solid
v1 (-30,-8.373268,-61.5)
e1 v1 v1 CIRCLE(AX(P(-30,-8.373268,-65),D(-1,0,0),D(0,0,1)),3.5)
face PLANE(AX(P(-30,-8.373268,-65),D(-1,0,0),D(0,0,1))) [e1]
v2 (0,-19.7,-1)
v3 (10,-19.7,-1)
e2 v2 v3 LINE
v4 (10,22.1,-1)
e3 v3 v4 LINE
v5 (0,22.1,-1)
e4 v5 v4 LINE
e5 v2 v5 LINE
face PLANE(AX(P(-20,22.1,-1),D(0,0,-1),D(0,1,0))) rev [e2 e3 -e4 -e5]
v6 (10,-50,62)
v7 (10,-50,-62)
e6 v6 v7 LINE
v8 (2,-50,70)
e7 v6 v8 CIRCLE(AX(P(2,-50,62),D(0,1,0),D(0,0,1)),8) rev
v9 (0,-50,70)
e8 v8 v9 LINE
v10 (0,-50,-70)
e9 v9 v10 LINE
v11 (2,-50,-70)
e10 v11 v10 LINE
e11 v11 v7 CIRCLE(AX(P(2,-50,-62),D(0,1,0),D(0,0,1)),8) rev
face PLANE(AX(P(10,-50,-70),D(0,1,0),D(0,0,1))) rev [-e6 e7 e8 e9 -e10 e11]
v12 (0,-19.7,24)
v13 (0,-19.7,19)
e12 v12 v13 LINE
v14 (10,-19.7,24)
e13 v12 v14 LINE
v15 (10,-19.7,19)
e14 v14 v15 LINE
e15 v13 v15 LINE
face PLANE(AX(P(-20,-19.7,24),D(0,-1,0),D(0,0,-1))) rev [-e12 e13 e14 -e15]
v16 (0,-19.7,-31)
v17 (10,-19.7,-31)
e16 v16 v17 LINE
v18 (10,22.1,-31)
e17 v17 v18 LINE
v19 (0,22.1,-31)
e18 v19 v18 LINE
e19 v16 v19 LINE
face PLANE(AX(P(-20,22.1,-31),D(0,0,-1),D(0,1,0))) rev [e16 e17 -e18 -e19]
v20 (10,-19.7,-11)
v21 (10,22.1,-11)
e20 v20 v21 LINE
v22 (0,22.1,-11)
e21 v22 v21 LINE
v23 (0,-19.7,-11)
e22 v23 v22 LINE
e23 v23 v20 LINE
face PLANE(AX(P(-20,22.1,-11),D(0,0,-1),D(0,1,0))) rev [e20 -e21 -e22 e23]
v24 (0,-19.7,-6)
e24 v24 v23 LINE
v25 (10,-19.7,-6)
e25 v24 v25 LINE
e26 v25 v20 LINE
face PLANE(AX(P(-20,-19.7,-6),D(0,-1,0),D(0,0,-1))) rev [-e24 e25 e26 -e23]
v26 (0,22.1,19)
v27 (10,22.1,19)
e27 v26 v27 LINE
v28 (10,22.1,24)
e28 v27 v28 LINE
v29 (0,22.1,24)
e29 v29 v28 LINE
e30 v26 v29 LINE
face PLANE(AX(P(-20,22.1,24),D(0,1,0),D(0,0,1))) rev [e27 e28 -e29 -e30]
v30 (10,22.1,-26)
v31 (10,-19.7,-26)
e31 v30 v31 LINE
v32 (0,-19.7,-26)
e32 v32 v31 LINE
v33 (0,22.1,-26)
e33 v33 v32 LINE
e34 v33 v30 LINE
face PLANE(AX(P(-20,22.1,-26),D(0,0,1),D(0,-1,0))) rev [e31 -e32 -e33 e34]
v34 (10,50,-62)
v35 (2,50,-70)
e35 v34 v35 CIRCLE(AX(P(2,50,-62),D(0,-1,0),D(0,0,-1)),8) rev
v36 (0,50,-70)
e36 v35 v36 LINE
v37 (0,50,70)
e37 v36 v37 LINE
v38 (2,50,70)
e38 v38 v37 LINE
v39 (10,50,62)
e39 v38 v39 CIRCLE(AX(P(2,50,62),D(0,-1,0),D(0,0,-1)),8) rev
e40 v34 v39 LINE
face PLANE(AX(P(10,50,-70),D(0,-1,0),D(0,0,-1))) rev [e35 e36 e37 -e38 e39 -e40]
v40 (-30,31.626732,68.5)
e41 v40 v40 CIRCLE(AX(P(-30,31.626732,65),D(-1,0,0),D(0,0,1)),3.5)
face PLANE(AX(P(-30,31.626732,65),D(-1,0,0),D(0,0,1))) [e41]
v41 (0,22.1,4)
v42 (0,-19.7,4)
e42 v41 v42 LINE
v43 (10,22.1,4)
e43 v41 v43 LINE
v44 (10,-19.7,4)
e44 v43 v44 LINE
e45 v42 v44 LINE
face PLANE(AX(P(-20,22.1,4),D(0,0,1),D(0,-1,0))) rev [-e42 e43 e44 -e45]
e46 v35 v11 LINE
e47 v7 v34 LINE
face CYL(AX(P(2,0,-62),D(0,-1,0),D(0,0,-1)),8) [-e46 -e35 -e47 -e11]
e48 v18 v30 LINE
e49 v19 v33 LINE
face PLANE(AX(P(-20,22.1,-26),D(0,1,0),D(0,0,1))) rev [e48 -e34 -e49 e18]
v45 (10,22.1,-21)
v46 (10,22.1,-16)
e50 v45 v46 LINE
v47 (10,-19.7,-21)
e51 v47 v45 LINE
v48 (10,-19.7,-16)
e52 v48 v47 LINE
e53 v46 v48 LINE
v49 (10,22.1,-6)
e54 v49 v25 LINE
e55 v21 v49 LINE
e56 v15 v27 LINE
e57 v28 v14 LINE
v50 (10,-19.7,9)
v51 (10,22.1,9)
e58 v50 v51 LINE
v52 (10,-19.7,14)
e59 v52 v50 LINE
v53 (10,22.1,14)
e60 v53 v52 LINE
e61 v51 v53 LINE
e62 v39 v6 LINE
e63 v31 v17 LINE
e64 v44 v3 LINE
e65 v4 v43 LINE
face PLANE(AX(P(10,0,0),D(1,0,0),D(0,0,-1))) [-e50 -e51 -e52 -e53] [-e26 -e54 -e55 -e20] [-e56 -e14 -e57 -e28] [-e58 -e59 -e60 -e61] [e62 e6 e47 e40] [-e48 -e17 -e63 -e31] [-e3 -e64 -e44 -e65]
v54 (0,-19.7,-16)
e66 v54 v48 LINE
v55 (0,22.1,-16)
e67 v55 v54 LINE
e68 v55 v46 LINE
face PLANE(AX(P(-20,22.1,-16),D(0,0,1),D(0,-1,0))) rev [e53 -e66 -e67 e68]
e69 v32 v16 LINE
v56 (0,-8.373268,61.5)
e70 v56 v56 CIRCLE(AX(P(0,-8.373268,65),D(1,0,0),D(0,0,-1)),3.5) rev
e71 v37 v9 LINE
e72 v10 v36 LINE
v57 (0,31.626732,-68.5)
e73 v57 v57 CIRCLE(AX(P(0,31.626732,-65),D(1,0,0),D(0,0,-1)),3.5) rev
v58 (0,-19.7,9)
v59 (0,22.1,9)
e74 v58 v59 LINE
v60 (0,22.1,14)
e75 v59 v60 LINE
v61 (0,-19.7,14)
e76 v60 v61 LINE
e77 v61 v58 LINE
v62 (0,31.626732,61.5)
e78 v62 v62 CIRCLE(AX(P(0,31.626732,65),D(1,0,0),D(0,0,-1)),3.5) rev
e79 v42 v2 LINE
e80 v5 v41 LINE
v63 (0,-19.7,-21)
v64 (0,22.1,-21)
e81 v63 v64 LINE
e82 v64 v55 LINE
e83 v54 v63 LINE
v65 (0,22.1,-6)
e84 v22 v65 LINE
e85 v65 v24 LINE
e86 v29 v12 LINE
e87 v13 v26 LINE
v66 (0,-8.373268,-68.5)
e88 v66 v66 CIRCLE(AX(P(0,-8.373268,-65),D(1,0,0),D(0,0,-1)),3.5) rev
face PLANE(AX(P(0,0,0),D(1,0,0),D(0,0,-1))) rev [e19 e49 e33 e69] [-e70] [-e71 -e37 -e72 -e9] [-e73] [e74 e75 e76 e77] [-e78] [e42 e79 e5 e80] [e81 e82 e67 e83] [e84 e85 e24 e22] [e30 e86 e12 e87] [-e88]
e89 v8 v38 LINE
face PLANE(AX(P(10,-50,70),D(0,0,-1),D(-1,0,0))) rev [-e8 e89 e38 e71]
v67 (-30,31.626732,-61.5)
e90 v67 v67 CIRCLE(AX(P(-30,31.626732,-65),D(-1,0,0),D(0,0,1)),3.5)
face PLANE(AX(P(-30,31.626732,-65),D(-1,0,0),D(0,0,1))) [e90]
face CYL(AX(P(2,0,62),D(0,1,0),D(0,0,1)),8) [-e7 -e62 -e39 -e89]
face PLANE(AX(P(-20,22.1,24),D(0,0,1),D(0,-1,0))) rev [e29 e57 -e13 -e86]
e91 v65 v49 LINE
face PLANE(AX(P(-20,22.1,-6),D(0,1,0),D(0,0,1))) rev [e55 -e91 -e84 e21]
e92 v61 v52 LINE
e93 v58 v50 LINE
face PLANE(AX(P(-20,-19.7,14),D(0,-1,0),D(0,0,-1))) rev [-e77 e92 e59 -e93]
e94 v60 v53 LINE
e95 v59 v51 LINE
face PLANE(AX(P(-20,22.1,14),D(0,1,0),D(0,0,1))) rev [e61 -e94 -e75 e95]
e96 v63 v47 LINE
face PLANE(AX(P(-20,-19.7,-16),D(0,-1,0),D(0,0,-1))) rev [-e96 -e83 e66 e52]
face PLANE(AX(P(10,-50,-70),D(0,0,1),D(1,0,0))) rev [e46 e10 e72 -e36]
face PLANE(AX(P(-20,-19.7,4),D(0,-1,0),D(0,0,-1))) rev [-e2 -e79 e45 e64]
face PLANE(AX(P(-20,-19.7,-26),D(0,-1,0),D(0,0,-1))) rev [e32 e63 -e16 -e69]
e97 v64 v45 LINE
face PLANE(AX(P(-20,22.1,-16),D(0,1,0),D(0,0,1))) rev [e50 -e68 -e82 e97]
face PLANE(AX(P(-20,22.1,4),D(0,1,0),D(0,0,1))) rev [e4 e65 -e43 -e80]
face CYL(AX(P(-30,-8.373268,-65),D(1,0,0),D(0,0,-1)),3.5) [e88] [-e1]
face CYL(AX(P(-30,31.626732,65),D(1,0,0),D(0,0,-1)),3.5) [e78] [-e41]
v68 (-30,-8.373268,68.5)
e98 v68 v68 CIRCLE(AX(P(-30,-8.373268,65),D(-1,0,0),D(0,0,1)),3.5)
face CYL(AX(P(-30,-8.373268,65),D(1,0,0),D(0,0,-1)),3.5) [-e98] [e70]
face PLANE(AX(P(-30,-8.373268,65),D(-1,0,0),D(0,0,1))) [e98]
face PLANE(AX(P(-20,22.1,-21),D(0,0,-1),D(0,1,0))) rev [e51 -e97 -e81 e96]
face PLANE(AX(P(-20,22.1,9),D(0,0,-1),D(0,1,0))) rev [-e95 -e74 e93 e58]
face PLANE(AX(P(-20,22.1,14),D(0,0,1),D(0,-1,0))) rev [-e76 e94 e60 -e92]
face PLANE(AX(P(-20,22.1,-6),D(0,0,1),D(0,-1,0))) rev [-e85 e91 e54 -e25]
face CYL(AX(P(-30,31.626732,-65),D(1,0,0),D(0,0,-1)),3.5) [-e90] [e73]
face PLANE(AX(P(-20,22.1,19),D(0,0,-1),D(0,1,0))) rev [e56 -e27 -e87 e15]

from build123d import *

# Parameters (mm, degrees)
SKETCH2_W           = 140
SKETCH2_H           = 100
BOSS_EXTRUDE1_DEPTH = 10
SKETCH3_R           = 3.5
BOSS_EXTRUDE2_DEPTH = 30
FILLET1_R           = 8
SKETCH4_W           = 5
SKETCH4_H           = 41.8
CUT_EXTRUDE1_DEPTH  = 30


with BuildPart() as part:
    # Sketch2 → Boss-Extrude1 (new body)
    with BuildSketch(Plane(origin=(0, 0, 0), x_dir=(0, 0, -1), z_dir=(1, 0, 0))):
        Rectangle(SKETCH2_W, SKETCH2_H)
    extrude(amount=BOSS_EXTRUDE1_DEPTH)

    # Sketch3 → Boss-Extrude2 (add)
    with BuildSketch(Plane.ZY):
        with Locations(Location((-65, 31.6267322, 0), (0, 0, 180))):
            Circle(SKETCH3_R)
        with Locations(Location((-65, -8.3732678, 0), (0, 0, 180))):
            Circle(SKETCH3_R)
        with Locations(Location((65, 31.6267322, 0), (0, 0, 180))):
            Circle(SKETCH3_R)
        with Locations(Location((65, -8.3732678, 0), (0, 0, 180))):
            Circle(SKETCH3_R)
    extrude(amount=BOSS_EXTRUDE2_DEPTH)

    # Fillet1
    fillet1_edges = [part.edges().sort_by_distance(p)[0] for p in [
        (10, 0, -70),
        (10, 0, 70),
    ]]
    fillet(fillet1_edges, radius=FILLET1_R)

    # Sketch4 → Cut-Extrude1 (cut)
    with BuildSketch(Plane(origin=(10, 0, 0), x_dir=(0, 0, -1), z_dir=(1, 0, 0))):
        with Locations((18.5, 1.2)):
            Rectangle(SKETCH4_W, SKETCH4_H)
        with Locations((28.5, 1.2)):
            Rectangle(SKETCH4_W, SKETCH4_H)
        with Locations((-1.5, 1.2)):
            Rectangle(SKETCH4_W, SKETCH4_H)
        with Locations((8.5, 1.2)):
            Rectangle(SKETCH4_W, SKETCH4_H)
        with Locations((-21.5, 1.2)):
            Rectangle(SKETCH4_W, SKETCH4_H)
        with Locations((-11.5, 1.2)):
            Rectangle(SKETCH4_W, SKETCH4_H)
    extrude(amount=-CUT_EXTRUDE1_DEPTH, mode=Mode.SUBTRACT)


solid = part.part
